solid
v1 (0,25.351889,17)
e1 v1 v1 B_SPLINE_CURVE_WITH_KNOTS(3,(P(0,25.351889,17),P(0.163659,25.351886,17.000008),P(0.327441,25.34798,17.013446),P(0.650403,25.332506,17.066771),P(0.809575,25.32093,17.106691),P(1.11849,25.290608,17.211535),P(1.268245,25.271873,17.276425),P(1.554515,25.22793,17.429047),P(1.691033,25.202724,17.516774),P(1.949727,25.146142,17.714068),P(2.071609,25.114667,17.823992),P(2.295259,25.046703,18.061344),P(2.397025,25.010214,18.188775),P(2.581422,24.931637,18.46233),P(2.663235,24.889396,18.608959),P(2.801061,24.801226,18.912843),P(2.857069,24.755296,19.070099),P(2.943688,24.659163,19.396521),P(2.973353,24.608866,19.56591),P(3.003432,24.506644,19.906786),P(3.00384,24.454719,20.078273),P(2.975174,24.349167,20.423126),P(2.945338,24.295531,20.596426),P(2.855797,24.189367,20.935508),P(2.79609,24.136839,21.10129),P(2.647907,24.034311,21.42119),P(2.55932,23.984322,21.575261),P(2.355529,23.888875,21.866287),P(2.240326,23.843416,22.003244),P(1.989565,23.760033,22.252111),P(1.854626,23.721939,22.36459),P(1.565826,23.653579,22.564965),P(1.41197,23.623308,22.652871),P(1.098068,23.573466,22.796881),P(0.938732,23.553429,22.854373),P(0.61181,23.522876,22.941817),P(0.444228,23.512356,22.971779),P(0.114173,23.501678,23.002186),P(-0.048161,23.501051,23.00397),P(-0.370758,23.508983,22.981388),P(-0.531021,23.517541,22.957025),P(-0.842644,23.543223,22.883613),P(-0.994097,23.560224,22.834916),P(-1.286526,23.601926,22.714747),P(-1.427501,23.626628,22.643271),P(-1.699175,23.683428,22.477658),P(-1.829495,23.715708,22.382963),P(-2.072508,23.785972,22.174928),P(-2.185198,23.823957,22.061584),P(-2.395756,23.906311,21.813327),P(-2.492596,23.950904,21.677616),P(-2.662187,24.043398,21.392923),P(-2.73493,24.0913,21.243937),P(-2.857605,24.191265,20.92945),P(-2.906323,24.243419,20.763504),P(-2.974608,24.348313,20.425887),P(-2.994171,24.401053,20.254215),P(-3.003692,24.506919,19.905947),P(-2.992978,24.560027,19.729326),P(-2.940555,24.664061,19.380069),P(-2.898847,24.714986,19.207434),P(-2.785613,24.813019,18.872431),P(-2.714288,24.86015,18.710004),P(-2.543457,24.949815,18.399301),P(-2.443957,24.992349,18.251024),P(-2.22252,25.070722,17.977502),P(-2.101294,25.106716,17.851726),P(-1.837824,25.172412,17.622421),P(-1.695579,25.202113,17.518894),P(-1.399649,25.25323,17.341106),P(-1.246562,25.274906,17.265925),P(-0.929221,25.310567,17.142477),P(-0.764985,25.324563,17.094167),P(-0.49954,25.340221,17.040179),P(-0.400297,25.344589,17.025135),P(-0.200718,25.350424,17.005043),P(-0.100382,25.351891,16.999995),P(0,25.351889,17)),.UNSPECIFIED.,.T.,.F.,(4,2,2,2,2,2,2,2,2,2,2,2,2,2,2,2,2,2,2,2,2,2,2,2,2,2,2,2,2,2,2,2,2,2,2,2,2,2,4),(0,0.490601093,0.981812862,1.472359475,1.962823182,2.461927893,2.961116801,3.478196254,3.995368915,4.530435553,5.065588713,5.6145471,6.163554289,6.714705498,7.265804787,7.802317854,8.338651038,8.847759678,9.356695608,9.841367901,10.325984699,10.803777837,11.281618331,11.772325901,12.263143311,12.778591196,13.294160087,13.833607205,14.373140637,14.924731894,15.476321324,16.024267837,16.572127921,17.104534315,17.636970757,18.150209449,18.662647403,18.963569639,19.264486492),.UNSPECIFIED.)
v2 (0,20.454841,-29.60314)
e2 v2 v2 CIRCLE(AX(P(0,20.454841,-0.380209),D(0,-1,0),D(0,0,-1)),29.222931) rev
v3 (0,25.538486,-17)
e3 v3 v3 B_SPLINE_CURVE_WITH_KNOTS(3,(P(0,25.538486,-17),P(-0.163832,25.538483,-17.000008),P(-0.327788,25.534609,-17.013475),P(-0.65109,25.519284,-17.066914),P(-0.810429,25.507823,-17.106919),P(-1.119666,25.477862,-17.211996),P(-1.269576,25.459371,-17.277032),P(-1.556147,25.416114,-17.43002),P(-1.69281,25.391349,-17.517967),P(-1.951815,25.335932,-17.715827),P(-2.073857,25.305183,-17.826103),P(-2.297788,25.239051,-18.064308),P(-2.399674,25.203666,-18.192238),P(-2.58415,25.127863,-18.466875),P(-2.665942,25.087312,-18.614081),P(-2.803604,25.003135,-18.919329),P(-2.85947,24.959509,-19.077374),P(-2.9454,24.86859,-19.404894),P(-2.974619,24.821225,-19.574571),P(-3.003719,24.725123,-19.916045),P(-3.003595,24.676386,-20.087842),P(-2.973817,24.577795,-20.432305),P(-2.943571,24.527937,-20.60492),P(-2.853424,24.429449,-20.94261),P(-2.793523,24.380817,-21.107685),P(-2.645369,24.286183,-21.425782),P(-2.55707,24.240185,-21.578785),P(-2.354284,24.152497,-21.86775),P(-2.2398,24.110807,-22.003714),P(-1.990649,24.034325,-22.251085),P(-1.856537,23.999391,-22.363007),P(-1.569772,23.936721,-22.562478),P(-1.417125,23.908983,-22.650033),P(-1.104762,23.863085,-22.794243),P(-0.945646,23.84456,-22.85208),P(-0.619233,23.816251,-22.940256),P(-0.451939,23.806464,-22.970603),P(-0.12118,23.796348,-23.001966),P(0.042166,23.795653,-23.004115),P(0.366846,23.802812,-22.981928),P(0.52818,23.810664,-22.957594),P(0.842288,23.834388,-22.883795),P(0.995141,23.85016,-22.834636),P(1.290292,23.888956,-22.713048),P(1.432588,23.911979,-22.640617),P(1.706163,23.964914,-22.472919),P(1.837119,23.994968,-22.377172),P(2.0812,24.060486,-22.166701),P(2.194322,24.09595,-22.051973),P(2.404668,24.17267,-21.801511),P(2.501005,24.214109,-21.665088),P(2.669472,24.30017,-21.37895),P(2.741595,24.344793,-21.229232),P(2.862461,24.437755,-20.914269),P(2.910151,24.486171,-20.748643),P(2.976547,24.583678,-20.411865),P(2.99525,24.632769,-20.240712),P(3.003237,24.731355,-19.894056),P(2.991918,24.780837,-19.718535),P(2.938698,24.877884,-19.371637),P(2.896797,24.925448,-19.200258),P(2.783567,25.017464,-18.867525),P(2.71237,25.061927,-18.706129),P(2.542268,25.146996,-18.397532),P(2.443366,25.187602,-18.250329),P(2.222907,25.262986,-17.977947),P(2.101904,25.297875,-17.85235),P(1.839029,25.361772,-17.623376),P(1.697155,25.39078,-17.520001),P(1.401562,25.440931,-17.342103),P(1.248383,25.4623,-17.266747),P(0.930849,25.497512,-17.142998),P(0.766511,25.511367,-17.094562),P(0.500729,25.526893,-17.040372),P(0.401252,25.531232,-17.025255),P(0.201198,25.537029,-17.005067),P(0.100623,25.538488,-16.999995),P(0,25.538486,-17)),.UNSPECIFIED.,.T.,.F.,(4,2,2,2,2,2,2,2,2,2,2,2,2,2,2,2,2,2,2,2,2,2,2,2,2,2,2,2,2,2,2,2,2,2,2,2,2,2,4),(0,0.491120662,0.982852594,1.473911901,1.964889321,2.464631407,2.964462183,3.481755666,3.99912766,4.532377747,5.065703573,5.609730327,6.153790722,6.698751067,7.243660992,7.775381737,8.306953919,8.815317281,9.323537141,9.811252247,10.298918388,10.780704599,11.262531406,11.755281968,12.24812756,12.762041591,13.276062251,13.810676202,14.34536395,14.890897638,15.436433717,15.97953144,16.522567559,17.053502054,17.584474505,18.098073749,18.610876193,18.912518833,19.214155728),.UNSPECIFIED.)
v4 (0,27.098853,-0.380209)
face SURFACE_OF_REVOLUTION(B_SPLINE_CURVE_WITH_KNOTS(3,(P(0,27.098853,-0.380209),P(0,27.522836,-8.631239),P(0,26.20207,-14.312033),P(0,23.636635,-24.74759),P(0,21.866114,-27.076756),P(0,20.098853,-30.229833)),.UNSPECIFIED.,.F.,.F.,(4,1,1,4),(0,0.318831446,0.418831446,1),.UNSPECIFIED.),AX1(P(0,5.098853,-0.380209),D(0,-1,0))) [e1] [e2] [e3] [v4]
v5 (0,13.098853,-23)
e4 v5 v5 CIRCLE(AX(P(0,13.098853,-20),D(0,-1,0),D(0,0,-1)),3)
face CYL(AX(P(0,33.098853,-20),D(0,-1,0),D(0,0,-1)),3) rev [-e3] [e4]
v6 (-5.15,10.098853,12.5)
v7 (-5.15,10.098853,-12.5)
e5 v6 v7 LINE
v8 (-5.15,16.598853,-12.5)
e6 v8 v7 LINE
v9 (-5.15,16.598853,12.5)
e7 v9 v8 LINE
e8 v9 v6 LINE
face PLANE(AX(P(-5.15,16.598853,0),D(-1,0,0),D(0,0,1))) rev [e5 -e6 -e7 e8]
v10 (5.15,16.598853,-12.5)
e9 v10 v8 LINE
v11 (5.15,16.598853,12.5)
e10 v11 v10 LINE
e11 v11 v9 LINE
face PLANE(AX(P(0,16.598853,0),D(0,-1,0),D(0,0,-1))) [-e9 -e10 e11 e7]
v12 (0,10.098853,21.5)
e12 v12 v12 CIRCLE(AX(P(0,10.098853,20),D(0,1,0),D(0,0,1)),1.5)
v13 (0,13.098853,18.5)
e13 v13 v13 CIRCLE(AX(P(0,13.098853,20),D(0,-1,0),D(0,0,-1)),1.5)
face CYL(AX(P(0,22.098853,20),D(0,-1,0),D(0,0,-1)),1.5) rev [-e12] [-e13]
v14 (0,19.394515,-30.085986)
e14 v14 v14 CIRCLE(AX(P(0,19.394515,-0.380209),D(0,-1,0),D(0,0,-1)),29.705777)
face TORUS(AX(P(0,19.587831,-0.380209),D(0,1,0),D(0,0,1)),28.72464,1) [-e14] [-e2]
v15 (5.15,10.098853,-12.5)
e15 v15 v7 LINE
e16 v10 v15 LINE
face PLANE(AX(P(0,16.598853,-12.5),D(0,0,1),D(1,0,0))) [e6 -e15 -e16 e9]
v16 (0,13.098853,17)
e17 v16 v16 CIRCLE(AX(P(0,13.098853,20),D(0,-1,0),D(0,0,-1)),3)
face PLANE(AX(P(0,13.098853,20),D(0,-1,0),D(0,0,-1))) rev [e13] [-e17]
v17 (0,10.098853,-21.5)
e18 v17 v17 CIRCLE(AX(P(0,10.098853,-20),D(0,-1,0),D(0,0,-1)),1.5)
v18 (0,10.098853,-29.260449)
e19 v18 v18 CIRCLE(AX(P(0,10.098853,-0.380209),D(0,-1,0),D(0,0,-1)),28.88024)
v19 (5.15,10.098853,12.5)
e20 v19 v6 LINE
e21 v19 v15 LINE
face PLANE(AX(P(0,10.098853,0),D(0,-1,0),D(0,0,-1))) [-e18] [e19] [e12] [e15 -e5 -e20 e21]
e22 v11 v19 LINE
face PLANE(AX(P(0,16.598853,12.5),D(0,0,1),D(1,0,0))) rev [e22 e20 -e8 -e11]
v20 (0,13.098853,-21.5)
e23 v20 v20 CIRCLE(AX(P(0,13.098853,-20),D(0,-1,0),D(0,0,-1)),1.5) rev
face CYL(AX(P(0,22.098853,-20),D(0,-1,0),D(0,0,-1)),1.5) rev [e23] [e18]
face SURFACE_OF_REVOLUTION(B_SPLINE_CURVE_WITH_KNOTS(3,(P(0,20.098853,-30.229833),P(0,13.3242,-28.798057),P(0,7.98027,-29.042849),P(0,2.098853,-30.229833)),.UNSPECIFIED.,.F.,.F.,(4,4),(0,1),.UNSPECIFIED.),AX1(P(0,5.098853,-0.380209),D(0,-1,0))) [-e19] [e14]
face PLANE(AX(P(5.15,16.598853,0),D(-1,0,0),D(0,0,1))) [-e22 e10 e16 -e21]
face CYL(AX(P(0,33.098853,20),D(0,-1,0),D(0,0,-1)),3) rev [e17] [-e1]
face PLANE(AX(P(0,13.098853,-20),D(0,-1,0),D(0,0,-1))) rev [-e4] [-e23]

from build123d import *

# Parameters (mm, degrees)
SKIZZE2_W                       = 10.3
SKIZZE2_H                       = 25
SCHNITT_LINEAR_AUSTRAGEN1_DEPTH = 6.5
SKIZZE2_3_R                     = 1.5
SCHNITT_LINEAR_AUSTRAGEN2_DEPTH = 12
VERRUNDUNG2_R                   = 1
SCHNITT_LINEAR_START            = -3
SKIZZE3_R                       = 3
SCHNITT_LINEAR_AUSTRAGEN3_DEPTH = 20


with BuildPart() as part:
    # Skizze1 → Rotation1 (revolve)
    with BuildSketch(Plane(origin=(0, 0, 0), x_dir=(0, 0, -1), z_dir=(1, 0, 0))):
        with BuildLine():
            Line((0.380209453, 10.098852641), (29.260449341, 10.098852641))
            add(Edge.make_bspline(
                [(30.229832566, 20.098852641), (29.459408859, 16.453481859), (29.174419435, 13.222363479), (29.260449341, 10.098852641)],
                knots=[0, 0, 0, 0, 0.538089657, 0.538089657, 0.538089657, 0.538089657], degree=3))
            add(Edge.make_bspline(
                [(0.380209453, 27.098852641), (8.631239306, 27.522835578), (14.31203294, 26.20206954), (24.747590137, 23.636635194), (27.076755658, 21.866114077), (30.229832566, 20.098852641)],
                knots=[0, 0, 0, 0, 0.318831446, 0.418831446, 1, 1, 1, 1], degree=3))
            Line((0.380209453, 27.098852641), (0.380209453, 10.098852641))
        make_face()
    revolve(axis=Axis((0, 5.098852641, -0.380209453), (0, 1, 0)))

    # Skizze2 → Schnitt-Linear austragen1 (cut)
    with BuildSketch(Plane.XZ.offset(-10.098852641)):
        Rectangle(SKIZZE2_W, SKIZZE2_H)
    extrude(amount=-SCHNITT_LINEAR_AUSTRAGEN1_DEPTH, mode=Mode.SUBTRACT)

    # Skizze2<3> → Schnitt-Linear austragen2 (cut)
    with BuildSketch(Plane.XZ.offset(-10.098852641)):
        with Locations((0, -20)):
            Circle(SKIZZE2_3_R)
        with Locations((0, 20)):
            Circle(SKIZZE2_3_R)
    extrude(amount=-SCHNITT_LINEAR_AUSTRAGEN2_DEPTH, mode=Mode.SUBTRACT)

    # Verrundung2
    verrundung2_edges = [part.edges().sort_by_distance(p)[0] for p in [
        (0, 20.098852641, 29.46941366),
    ]]
    fillet(verrundung2_edges, radius=VERRUNDUNG2_R)

    # Skizze3 → Schnitt-Linear austragen3 (cut)
    with BuildSketch(Plane.XZ.offset(-10.098852641).offset(SCHNITT_LINEAR_START)):
        with Locations((0, -20)):
            Circle(SKIZZE3_R)
        with Locations((0, 20)):
            Circle(SKIZZE3_R)
    extrude(amount=-SCHNITT_LINEAR_AUSTRAGEN3_DEPTH, mode=Mode.SUBTRACT)


solid = part.part
